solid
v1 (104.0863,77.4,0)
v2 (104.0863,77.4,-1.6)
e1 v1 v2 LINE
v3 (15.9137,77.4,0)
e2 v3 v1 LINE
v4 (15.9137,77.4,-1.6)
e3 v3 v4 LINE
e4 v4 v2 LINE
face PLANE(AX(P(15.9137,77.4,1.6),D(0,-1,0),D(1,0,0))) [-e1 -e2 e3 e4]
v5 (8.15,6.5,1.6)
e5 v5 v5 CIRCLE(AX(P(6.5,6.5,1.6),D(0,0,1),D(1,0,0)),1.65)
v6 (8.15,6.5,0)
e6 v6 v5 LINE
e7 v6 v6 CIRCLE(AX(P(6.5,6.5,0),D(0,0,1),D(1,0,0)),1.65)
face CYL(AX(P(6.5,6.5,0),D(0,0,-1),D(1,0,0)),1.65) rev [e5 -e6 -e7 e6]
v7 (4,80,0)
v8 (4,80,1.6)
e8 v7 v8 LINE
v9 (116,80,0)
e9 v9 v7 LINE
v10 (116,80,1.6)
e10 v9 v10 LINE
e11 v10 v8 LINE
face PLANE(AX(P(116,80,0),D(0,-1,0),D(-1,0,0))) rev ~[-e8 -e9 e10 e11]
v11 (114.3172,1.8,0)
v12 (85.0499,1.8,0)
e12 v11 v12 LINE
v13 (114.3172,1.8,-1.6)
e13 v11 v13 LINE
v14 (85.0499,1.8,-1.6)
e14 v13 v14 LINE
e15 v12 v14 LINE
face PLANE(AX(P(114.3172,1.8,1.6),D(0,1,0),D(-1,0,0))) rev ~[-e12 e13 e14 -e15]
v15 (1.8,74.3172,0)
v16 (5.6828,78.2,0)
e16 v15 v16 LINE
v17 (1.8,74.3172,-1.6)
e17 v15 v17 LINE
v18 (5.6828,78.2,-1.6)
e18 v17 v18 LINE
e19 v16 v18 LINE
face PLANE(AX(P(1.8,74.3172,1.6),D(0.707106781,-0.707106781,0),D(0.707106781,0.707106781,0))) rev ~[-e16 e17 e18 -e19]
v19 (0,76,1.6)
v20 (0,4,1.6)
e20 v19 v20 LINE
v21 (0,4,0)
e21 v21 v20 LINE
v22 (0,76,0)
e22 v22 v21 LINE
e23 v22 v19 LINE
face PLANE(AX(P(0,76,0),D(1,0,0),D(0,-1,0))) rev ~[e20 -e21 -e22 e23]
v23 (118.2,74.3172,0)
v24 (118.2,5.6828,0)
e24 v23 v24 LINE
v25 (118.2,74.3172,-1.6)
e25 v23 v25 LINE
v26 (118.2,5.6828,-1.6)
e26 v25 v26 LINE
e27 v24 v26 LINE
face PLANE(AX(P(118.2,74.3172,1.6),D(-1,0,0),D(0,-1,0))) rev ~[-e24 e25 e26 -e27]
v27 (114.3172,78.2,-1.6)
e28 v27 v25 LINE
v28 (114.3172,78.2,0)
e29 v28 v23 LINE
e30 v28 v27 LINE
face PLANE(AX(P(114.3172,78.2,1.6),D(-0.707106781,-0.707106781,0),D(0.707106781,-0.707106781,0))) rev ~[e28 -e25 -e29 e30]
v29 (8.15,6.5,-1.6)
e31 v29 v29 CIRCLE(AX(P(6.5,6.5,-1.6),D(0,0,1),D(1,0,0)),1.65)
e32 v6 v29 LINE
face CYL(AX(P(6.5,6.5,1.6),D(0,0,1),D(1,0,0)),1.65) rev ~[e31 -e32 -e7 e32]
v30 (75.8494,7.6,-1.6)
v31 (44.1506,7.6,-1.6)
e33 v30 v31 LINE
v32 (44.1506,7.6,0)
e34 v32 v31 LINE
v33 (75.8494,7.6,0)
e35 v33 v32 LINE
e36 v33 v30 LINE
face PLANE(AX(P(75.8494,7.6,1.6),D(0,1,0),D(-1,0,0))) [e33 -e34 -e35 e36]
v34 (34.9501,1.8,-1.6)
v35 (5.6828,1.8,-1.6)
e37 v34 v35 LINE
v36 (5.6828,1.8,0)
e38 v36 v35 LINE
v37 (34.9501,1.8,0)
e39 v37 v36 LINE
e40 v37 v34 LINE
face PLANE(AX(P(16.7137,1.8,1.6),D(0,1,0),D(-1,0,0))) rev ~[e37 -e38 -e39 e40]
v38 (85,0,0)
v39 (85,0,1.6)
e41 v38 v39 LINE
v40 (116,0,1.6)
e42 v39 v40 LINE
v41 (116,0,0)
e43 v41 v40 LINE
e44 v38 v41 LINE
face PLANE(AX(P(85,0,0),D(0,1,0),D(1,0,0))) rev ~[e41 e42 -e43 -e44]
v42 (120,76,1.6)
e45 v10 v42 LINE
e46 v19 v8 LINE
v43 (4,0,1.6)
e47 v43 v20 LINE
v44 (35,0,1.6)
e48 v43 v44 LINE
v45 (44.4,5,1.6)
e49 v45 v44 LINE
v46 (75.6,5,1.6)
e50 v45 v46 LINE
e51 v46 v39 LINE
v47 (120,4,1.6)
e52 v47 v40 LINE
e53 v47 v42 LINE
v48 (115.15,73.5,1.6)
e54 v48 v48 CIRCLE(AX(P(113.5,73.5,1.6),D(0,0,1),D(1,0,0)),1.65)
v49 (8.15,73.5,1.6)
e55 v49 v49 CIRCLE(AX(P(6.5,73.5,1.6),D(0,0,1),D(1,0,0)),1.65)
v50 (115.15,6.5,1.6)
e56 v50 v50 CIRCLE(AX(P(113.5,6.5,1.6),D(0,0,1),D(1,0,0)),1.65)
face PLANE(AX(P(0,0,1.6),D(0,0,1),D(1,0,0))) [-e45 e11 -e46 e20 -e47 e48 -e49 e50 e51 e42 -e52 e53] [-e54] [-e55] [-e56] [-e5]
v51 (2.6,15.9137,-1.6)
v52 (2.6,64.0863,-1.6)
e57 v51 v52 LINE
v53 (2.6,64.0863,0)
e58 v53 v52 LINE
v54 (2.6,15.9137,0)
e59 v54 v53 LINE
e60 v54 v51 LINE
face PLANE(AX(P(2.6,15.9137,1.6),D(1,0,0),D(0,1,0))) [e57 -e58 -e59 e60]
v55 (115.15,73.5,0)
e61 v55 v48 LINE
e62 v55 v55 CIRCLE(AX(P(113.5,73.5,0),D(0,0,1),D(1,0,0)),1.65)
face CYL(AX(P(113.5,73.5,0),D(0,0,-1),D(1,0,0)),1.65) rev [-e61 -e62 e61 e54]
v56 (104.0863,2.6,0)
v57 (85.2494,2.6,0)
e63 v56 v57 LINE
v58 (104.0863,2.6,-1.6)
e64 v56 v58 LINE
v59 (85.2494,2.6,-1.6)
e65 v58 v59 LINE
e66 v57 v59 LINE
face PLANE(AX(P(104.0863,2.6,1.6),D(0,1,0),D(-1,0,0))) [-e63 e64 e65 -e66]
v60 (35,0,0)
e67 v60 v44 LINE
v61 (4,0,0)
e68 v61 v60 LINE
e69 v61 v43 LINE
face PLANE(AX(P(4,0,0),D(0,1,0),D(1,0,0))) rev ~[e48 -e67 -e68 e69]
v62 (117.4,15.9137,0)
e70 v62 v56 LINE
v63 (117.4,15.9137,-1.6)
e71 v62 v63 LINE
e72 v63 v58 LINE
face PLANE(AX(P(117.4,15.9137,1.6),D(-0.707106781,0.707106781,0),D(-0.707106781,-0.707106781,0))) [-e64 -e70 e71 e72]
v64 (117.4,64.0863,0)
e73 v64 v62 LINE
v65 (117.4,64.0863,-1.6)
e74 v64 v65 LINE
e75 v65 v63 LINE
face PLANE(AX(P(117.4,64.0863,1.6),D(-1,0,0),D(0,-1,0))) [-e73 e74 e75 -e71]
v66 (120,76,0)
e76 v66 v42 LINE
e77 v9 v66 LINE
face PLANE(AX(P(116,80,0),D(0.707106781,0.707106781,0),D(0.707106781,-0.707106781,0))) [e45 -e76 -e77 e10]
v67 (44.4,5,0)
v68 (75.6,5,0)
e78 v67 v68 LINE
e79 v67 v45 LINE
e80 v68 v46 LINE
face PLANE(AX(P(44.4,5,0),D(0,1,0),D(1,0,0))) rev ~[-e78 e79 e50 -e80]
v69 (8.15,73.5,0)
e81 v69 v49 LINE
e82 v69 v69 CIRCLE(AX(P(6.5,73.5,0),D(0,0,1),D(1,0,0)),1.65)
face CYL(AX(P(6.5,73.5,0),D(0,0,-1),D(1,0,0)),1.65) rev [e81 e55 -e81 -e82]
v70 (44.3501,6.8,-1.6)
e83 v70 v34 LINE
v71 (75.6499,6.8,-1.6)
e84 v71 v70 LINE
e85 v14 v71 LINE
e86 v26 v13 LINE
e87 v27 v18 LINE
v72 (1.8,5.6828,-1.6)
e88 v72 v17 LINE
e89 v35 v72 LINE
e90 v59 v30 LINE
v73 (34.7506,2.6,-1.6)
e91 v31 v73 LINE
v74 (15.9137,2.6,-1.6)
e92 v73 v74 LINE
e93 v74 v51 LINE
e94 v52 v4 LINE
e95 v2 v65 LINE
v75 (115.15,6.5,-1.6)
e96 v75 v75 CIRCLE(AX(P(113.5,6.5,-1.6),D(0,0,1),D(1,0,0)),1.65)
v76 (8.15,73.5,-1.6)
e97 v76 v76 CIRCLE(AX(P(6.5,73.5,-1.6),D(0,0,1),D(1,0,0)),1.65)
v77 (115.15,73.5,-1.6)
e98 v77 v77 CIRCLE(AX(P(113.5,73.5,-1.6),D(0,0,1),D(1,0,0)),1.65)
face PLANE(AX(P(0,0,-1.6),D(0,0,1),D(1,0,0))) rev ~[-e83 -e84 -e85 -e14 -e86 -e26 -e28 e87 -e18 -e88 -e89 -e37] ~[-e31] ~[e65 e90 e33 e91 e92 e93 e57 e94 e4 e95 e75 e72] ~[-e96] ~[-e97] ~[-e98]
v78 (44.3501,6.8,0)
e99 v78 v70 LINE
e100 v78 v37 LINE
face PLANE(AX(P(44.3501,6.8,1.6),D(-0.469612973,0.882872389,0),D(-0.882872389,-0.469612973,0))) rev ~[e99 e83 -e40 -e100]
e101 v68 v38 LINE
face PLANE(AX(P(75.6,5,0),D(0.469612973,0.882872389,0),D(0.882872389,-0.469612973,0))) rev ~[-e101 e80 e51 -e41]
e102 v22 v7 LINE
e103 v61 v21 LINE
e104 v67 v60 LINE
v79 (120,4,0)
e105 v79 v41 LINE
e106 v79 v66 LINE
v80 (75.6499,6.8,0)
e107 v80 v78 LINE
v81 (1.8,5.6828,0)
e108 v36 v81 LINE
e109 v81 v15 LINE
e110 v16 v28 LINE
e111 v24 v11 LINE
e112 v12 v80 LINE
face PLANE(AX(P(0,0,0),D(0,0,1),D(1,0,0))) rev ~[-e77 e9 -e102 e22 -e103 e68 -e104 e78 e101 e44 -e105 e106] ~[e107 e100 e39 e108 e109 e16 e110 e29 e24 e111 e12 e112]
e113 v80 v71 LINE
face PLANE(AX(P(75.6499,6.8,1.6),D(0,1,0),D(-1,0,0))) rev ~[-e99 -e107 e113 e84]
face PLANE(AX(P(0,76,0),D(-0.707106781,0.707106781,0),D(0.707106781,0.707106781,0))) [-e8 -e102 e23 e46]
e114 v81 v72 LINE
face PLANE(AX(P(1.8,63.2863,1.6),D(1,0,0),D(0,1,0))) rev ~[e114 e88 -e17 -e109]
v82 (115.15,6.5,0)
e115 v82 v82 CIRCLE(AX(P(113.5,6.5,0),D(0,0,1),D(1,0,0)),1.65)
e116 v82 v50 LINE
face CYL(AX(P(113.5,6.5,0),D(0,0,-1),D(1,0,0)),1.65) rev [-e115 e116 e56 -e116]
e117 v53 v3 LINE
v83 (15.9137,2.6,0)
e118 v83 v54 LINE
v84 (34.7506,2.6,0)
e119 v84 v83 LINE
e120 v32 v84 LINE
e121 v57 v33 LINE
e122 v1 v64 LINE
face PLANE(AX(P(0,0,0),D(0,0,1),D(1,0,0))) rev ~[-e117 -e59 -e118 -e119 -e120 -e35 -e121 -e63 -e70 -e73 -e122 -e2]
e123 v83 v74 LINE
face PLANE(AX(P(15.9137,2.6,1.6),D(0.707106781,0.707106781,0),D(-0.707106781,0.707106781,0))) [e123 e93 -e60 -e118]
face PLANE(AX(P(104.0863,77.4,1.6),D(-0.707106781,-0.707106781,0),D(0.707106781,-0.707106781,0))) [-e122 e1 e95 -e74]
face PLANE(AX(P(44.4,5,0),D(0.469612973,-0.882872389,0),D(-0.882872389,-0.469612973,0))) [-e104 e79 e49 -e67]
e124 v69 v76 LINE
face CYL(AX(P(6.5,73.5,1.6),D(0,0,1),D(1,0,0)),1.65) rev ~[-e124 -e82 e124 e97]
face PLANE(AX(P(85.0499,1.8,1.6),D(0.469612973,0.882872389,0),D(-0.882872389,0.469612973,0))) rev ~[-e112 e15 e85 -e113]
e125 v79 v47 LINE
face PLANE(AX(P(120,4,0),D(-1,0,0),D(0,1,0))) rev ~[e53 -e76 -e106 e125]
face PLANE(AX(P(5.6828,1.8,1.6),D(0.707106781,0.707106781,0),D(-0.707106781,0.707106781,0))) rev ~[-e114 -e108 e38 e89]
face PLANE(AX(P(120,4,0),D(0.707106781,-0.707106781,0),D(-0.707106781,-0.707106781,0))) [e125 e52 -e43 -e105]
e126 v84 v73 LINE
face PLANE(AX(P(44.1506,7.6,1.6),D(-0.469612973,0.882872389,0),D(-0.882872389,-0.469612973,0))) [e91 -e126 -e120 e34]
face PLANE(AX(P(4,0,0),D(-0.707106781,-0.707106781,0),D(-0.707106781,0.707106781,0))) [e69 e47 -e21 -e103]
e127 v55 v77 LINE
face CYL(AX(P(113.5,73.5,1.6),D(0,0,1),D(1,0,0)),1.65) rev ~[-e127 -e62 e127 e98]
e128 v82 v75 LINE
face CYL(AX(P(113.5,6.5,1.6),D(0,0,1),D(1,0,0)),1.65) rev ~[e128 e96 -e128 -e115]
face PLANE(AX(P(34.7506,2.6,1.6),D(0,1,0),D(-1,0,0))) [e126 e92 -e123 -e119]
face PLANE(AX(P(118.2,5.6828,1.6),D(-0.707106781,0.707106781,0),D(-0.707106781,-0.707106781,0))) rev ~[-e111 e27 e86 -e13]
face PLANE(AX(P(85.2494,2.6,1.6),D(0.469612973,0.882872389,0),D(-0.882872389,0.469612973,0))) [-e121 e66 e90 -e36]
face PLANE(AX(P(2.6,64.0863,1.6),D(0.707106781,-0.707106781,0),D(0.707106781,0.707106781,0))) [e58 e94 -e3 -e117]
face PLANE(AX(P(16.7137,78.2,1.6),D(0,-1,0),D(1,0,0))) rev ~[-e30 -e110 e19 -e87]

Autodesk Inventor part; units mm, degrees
ref_plane "YZ Plane" through (0, 0, 0) normal (1, 0, 0) x (0, 1, 0)
ref_plane "XZ Plane" through (0, 0, 0) normal (0, 1, 0) x (-1, 0, 0)
ref_plane "XY Plane" through (0, 0, 0) normal (0, 0, 1) x (1, 0, 0)
sketch "Sketch1" plane through (0, 0, 0) normal (0, 0, 1) x (1, 0, 0)
  line L0 (0, 0) -> (120, 0)
  line L1 (120, 0) -> (120, 80)
  line L2 (120, 80) -> (0, 80)
  line L3 (0, 80) -> (0, 0)
  line L4 (114.4, 1.6) -> (85, 1.6) projected
  line L5 (75.6, 6.6) -> (85, 1.6) projected
  line L6 (44.4, 6.6) -> (75.6, 6.6) projected
  line L7 (35, 1.6) -> (44.4, 6.6) projected
  line L8 (35, 1.6) -> (5.6, 1.6) projected
  line L9 (1.6, 5.6) -> (5.6, 1.6) projected
  line L10 (1.6, 5.6) -> (1.6, 74.4) projected
  line L11 (5.6, 78.4) -> (1.6, 74.4) projected
  line L12 (5.6, 78.4) -> (114.4, 78.4) projected
  line L13 (118.4, 74.4) -> (114.4, 78.4) projected
  line L14 (118.4, 74.4) -> (118.4, 5.6) projected
  line L15 (114.4, 1.6) -> (118.4, 5.6) projected
  line L16 (116, 80) -> (120, 76) projected
  line L17 (116, 80) -> (4, 80) projected
  line L18 (0, 76) -> (4, 80) projected
  line L19 (0, 76) -> (0, 4) projected
  line L20 (4, 0) -> (0, 4) projected
  line L21 (4, 0) -> (35, 0) projected
  line L22 (44.4, 5) -> (35, 0) projected
  line L23 (44.4, 5) -> (75.6, 5) projected
  line L24 (75.6, 5) -> (85, 0) projected
  line L25 (85, 0) -> (116, 0) projected
  line L26 (120, 4) -> (116, 0) projected
  line L27 (120, 4) -> (120, 76) projected
  circle A0 centre (6.5, 73.5) radius 2 projected
  circle A1 centre (6.5, 6.5) radius 2 projected
  circle A2 centre (113.5, 6.5) radius 2 projected
  circle A3 centre (113.5, 73.5) radius 2 projected
  circle A4 centre (6.5, 73.5) radius 1.65
  circle A5 centre (113.5, 73.5) radius 1.65
  circle A6 centre (113.5, 6.5) radius 1.65
  circle A7 centre (6.5, 6.5) radius 1.65
  line L28 (0, 4) -> (4, 0)
  line L29 (0, 76) -> (4, 80)
  line L30 (116, 80) -> (120, 76)
  line L31 (116, 0) -> (120, 4)
  line L32 (35, 0) -> (44.4, 5)
  line L33 (44.4, 5) -> (75.6, 5)
  line L34 (75.6, 5) -> (85, 0)
  dimension "d0" = 120
  dimension "d1" = 80
  dimension "d4" = 3.3
  dimension "d5" = 3.3
  dimension "d6" = 3.3
  dimension "d7" = 3.3
extrude "Extrusion1" add sketch "Sketch1" along normal blind 1.6 contours L20 L3 L18 L2 L16 L1 L26 L0 L24 L23 L22 | L4 L5 L6 L7 L8 L9 L10 L11 L12 L13 L14 L15 | A0 | A1 | A2 | A3
sketch "Sketch2" plane through (0, 0, 1.6) normal (0, 0, 1) x (1, 0, 0)
  line L0 (5.6, 78.4) -> (114.4, 78.4) projected
  line L1 (5.6, 78.4) -> (1.6, 74.4) projected
  line L2 (1.6, 5.6) -> (1.6, 74.4) projected
  circle A0 centre (6.5, 73.5) radius 2 projected
  circle A1 centre (6.5, 6.5) radius 2 projected
  line L3 (1.6, 5.6) -> (5.6, 1.6) projected
  line L4 (16.9137, 1.6) -> (1.6, 16.9137) projected
  line L5 (35, 1.6) -> (5.6, 1.6) projected
  line L6 (35, 1.6) -> (44.4, 6.6) projected
  line L7 (44.4, 6.6) -> (75.6, 6.6) projected
  line L8 (75.6, 6.6) -> (85, 1.6) projected
  line L9 (114.4, 1.6) -> (85, 1.6) projected
  line L10 (114.4, 1.6) -> (118.4, 5.6) projected
  line L11 (118.4, 74.4) -> (118.4, 5.6) projected
  line L12 (118.4, 16.9137) -> (103.0863, 1.6) projected
  circle A2 centre (113.5, 6.5) radius 2 projected
  line L13 (103.0863, 78.4) -> (118.4, 63.0863) projected
  circle A3 centre (113.5, 73.5) radius 2 projected
  line L14 (114.4, 78.4) -> (118.4, 74.4) projected
  line L15 (1.6, 63.0863) -> (16.9137, 78.4) projected
  circle A4 centre (6.5, 73.5) radius 2 projected
  line L16 (118.2, 5.6828) -> (114.3172, 1.8)
  line L17 (114.3172, 1.8) -> (85.0499, 1.8)
  line L18 (85.0499, 1.8) -> (75.6499, 6.8)
  line L19 (75.6499, 6.8) -> (44.3501, 6.8)
  line L20 (44.3501, 6.8) -> (34.9501, 1.8)
  line L21 (34.9501, 1.8) -> (5.6828, 1.8)
  line L22 (5.6828, 1.8) -> (1.8, 5.6828)
  line L23 (1.8, 5.6828) -> (1.8, 74.3172)
  line L24 (1.8, 74.3172) -> (5.6828, 78.2)
  line L25 (5.6828, 78.2) -> (114.3172, 78.2)
  line L26 (114.3172, 78.2) -> (118.2, 74.3172)
  line L27 (118.2, 74.3172) -> (118.2, 5.6828)
  line L28 (75.6, 5) -> (85, 0) projected
  line L29 (118.2, 16.7137) -> (103.2863, 1.8)
  line L30 (16.7137, 1.8) -> (1.8, 16.7137)
  line L31 (1.8, 63.2863) -> (16.7137, 78.2)
  line L32 (103.2863, 78.2) -> (118.2, 63.2863)
  circle A5 centre (113.5, 6.5) radius 1.65
  circle A6 centre (113.5, 73.5) radius 1.65
  circle A7 centre (6.5, 73.5) radius 1.65
  circle A8 centre (6.5, 6.5) radius 1.65
  line L33 (104.0863, 2.6) -> (85.2494, 2.6)
  line L34 (85.2494, 2.6) -> (75.8494, 7.6)
  line L35 (75.8494, 7.6) -> (44.1506, 7.6)
  line L36 (44.1506, 7.6) -> (34.7506, 2.6)
  line L37 (34.7506, 2.6) -> (15.9137, 2.6)
  line L38 (2.6, 15.9137) -> (2.6, 64.0863)
  line L39 (15.9137, 77.4) -> (104.0863, 77.4)
  line L40 (117.4, 64.0863) -> (117.4, 15.9137)
  point P0 (0, 0)
  dimension "d9" = 0.2
  dimension "d10" = 0.2
  dimension "d11" = 0.2
  dimension "d12" = 0.2
  dimension "d13" = 0.2
  dimension "d14" = 0.2
  dimension "d15" = 0.2
  dimension "d16" = 0.2
  dimension "d17" = 0.2
  dimension "d18" = 0.2
  dimension "d19" = 0.2
  dimension "d21" = 0.2
  dimension "d22" = 3.3
  dimension "d23" = 3.3
  dimension "d24" = 3.3
  dimension "d25" = 3.3
  dimension "d26" = 0.8
  dimension "d27" = 0.8
  dimension "d28" = 0.8
  dimension "d29" = 0.8
  dimension "d30" = 0.8
  dimension "d31" = 0.8
  dimension "d32" = 0.8
  dimension "d33" = 0.8
extrude "Extrusion2" add sketch "Sketch2" against normal blind 3.2 contours L25 L13 L39 L15 | L15 L23 L24 L25 | L25 L26 L27 L13 | L15 L38 L4 L23 | L4 L21 L22 L23 | L13 L27 L12 L40 | L12 L27 L16 L17 | L37 L36 L35 L34 L33 L12 L17 L18 L19 L20 L21 L4 | A0 | A1 | A2 | A3
properties part number "Top"
